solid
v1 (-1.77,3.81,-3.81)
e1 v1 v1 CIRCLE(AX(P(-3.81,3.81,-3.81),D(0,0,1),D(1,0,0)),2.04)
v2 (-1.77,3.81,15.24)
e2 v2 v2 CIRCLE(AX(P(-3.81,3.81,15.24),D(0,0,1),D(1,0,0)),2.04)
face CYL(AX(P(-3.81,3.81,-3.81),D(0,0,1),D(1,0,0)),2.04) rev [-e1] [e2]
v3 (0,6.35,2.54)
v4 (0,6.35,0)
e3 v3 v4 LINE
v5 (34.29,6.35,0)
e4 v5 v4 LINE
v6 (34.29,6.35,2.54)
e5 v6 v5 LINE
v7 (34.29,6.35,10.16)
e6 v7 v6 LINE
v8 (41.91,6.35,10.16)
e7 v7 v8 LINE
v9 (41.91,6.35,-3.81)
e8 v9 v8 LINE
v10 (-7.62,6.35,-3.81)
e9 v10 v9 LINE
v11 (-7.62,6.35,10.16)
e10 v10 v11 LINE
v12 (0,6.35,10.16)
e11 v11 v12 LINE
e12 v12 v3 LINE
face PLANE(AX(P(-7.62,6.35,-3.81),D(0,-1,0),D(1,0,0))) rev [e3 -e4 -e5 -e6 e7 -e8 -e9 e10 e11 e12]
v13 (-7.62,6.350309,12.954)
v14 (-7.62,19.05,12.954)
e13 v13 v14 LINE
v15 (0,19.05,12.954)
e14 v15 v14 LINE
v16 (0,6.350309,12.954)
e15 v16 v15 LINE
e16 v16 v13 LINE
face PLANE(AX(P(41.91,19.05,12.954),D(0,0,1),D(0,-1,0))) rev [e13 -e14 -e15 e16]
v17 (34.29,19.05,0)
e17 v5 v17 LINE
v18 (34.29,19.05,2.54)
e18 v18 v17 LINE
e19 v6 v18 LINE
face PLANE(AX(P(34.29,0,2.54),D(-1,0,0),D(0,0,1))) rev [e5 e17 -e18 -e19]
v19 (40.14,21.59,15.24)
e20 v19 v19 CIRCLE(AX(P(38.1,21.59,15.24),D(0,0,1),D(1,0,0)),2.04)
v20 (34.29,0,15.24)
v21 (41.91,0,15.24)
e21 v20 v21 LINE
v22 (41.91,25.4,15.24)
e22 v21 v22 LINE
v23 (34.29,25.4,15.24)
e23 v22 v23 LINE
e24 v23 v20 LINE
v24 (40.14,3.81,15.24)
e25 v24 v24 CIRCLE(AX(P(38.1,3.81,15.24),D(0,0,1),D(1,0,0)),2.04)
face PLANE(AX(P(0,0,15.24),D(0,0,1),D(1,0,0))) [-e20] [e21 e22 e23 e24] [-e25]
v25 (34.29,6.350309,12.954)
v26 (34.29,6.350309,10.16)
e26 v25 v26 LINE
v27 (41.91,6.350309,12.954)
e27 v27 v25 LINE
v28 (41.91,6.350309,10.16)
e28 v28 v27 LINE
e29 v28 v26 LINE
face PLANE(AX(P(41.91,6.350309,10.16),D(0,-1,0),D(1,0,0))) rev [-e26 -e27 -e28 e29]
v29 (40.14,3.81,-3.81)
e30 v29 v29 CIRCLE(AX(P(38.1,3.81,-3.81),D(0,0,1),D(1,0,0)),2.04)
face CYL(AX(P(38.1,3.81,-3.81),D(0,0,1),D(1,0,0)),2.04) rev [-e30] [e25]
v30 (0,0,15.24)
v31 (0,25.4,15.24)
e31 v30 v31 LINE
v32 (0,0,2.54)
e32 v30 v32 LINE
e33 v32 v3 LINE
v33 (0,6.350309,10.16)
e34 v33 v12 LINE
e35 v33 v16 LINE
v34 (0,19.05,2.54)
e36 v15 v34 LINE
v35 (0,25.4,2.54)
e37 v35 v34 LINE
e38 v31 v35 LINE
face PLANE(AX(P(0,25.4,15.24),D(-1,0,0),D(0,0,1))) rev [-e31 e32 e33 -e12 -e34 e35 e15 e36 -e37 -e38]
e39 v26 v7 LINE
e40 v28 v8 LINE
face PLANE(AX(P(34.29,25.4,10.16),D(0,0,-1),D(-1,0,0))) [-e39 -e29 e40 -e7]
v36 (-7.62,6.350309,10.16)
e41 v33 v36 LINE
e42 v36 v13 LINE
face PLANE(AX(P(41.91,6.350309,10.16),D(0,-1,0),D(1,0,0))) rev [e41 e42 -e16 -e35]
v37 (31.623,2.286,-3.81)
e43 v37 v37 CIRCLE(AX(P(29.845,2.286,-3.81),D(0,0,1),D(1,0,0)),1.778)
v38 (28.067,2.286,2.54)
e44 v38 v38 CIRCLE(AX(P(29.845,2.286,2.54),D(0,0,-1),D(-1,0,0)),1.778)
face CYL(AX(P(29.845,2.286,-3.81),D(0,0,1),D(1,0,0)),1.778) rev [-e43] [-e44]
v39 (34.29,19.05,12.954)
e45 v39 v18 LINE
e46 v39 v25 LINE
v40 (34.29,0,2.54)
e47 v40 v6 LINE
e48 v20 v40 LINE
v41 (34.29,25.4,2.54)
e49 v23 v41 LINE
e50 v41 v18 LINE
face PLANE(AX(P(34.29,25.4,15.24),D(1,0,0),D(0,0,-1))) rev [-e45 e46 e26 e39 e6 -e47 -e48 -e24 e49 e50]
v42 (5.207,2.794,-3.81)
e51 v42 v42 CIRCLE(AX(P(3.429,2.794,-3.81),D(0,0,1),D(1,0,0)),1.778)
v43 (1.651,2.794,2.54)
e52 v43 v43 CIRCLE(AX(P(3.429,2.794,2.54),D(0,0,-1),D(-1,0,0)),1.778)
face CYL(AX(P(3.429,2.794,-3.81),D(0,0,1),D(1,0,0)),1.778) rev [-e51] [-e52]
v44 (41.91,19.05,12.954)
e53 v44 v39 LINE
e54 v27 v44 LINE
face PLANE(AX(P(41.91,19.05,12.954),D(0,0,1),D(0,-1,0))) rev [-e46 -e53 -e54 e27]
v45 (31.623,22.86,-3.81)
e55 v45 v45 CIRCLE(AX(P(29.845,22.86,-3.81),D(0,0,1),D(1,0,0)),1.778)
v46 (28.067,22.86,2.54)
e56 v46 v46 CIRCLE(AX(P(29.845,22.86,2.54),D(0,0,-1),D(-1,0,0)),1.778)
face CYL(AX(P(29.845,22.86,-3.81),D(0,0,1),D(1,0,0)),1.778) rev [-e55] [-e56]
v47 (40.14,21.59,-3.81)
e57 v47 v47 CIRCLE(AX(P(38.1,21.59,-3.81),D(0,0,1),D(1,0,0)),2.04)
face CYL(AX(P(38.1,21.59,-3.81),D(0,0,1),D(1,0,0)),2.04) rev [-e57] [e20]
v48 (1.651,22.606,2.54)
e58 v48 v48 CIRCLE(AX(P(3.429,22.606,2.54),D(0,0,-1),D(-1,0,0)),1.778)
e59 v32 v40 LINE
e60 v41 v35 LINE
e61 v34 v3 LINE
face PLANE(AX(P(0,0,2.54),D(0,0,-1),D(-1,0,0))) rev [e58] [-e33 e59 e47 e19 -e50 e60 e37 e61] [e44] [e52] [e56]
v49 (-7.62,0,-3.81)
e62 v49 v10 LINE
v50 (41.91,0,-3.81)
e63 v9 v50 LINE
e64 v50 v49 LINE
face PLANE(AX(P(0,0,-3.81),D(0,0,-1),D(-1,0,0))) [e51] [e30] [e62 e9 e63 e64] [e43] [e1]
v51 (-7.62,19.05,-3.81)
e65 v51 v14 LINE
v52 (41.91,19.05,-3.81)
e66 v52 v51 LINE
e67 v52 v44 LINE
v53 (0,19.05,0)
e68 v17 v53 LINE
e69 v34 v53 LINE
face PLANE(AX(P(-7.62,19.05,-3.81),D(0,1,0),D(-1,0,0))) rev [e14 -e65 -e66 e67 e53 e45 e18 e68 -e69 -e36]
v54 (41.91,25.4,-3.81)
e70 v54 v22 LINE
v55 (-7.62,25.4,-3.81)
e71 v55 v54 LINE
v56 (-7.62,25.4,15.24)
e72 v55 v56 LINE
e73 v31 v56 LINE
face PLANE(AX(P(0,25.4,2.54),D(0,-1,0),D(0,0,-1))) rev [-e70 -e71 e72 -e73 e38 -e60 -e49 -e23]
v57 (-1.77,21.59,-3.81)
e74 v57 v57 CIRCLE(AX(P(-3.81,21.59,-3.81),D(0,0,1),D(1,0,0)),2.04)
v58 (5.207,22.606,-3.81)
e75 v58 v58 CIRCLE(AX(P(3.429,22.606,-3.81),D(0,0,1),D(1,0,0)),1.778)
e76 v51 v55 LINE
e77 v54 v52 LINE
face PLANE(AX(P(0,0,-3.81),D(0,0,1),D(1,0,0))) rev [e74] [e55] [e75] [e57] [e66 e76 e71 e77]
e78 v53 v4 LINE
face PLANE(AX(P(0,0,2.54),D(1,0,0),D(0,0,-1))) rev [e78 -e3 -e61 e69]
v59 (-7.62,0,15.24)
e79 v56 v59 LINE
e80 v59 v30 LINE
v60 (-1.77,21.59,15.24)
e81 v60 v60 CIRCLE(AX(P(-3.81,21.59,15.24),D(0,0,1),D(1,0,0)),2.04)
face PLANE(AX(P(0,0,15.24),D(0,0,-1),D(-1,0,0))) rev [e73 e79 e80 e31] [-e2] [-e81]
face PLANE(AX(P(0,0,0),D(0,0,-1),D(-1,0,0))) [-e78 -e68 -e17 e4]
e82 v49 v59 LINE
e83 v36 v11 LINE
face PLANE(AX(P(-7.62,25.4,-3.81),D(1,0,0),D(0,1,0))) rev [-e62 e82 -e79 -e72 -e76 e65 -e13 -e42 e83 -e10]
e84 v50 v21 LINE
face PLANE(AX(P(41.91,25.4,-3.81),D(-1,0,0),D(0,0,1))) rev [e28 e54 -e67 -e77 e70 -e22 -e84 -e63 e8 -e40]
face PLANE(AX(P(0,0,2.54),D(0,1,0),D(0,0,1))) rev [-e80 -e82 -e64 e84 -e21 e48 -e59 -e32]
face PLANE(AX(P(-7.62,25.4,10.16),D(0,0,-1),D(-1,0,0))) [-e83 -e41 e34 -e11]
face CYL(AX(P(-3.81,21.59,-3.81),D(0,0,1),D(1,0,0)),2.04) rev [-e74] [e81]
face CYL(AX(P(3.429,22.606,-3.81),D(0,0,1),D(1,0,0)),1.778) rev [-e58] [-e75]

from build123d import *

# Parameters (mm, degrees)
SKETCH1_W               = 34.29
SKETCH1_H               = 25.4
BOSS_EXTRUDE1_DEPTH     = 2.54
SKETCH3_W               = 49.53
SKETCH3_H               = 6.35
BOSS_EXTRUDE2_DEPTH     = 3.81
CUT_EXTRUDE1_DEPTH      = 50.415894204
CUT_EXTRUDE1_DEPTH_BACK = 50.415894204
SKETCH2_R               = 1.778
SKETCH5_W               = 7.62
SKETCH5_H               = 6.35
BOSS_EXTRUDE3_DEPTH     = 15.24
BOSS_EXTRUDE4_REACH     = 53.321
SKETCH6_W               = 7.62
SKETCH6_H               = 5.08
SKETCH7_R               = 2.04
SKETCH7_R_2             = 2.039999984
CUT_EXTRUDE2_DEPTH      = 53.578613523
SKETCH9_W               = 2.794
SKETCH9_H               = 12.699691263
CUT_EXTRUDE3_DEPTH      = 58.711684259


with BuildPart() as part:
    # Sketch1 → Boss-Extrude1 (new body)
    with BuildSketch(Plane.XY):
        with Locations((17.145, 12.7)):
            Rectangle(SKETCH1_W, SKETCH1_H)
    extrude(amount=BOSS_EXTRUDE1_DEPTH)

    # Sketch3 → Boss-Extrude2 (add)
    with BuildSketch(Plane(origin=(0, 0, 0), x_dir=(-1, 0, 0), z_dir=(0, 0, -1))):
        with Locations((-17.145, 22.225)):
            Rectangle(SKETCH3_W, SKETCH3_H)
        with Locations((-17.145, 3.175)):
            Rectangle(SKETCH3_W, SKETCH3_H)
    extrude(amount=BOSS_EXTRUDE2_DEPTH)

    # Sketch2 → Cut-Extrude1 (cut, two sides: drawn at the far end of the back side and taken through both)
    with BuildSketch(Plane.XY.offset(2.54).offset(-CUT_EXTRUDE1_DEPTH_BACK)):
        with Locations((3.429, 22.606)):
            Circle(SKETCH2_R)
        with Locations((29.845, 22.86)):
            Circle(SKETCH2_R)
        with Locations((3.429, 2.794)):
            Circle(SKETCH2_R)
        with Locations((29.845, 2.286)):
            Circle(SKETCH2_R)
    extrude(amount=CUT_EXTRUDE1_DEPTH + CUT_EXTRUDE1_DEPTH_BACK, mode=Mode.SUBTRACT)

    # Sketch5 → Boss-Extrude3 (add)
    with BuildSketch(Plane.XY):
        with Locations((-3.81, 22.225)):
            Rectangle(SKETCH5_W, SKETCH5_H)
        with Locations((38.1, 22.225)):
            Rectangle(SKETCH5_W, SKETCH5_H)
        with Locations((38.1, 3.175)):
            Rectangle(SKETCH5_W, SKETCH5_H)
        with Locations((-3.81, 3.175)):
            Rectangle(SKETCH5_W, SKETCH5_H)
    extrude(amount=BOSS_EXTRUDE3_DEPTH)

    # Sketch6 → Boss-Extrude4 (add, up to next)
    with BuildSketch(Plane.XZ, mode=Mode.PRIVATE) as boss_extrude4_sk1:
        with Locations((-3.81, 12.7)):
            Rectangle(SKETCH6_W, SKETCH6_H)
    boss_extrude4_tool1 = extrude(boss_extrude4_sk1.sketch, amount=-BOSS_EXTRUDE4_REACH, mode=Mode.PRIVATE) - part.part
    # Sketch6 → Boss-Extrude4 (add, up to next)
    with BuildSketch(Plane.XZ, mode=Mode.PRIVATE) as boss_extrude4_sk2:
        with Locations((38.1, 12.7)):
            Rectangle(SKETCH6_W, SKETCH6_H)
    boss_extrude4_tool2 = extrude(boss_extrude4_sk2.sketch, amount=-BOSS_EXTRUDE4_REACH, mode=Mode.PRIVATE) - part.part
    add(boss_extrude4_tool1.solids().sort_by_distance((-3.81, 0, 12.7))[0])
    add(boss_extrude4_tool2.solids().sort_by_distance((38.1, 0, 12.7))[0])

    # Sketch7 → Cut-Extrude2 (cut, through all)
    with BuildSketch(Plane.XY.offset(15.24)):
        with Locations((38.1, 3.81)):
            Circle(SKETCH7_R)
        with Locations((38.1, 21.59)):
            Circle(SKETCH7_R_2)
        with Locations((-3.81, 3.81)):
            Circle(SKETCH7_R_2)
        with Locations((-3.81, 21.59)):
            Circle(SKETCH7_R_2)
    extrude(amount=-CUT_EXTRUDE2_DEPTH, mode=Mode.SUBTRACT)

    # Sketch9 → Cut-Extrude3 (cut, through all)
    with BuildSketch(Plane.ZY.offset(7.62)):
        with Locations((11.557, 12.700154369)):
            Rectangle(SKETCH9_W, SKETCH9_H)
    extrude(amount=-CUT_EXTRUDE3_DEPTH, mode=Mode.SUBTRACT)


solid = part.part
